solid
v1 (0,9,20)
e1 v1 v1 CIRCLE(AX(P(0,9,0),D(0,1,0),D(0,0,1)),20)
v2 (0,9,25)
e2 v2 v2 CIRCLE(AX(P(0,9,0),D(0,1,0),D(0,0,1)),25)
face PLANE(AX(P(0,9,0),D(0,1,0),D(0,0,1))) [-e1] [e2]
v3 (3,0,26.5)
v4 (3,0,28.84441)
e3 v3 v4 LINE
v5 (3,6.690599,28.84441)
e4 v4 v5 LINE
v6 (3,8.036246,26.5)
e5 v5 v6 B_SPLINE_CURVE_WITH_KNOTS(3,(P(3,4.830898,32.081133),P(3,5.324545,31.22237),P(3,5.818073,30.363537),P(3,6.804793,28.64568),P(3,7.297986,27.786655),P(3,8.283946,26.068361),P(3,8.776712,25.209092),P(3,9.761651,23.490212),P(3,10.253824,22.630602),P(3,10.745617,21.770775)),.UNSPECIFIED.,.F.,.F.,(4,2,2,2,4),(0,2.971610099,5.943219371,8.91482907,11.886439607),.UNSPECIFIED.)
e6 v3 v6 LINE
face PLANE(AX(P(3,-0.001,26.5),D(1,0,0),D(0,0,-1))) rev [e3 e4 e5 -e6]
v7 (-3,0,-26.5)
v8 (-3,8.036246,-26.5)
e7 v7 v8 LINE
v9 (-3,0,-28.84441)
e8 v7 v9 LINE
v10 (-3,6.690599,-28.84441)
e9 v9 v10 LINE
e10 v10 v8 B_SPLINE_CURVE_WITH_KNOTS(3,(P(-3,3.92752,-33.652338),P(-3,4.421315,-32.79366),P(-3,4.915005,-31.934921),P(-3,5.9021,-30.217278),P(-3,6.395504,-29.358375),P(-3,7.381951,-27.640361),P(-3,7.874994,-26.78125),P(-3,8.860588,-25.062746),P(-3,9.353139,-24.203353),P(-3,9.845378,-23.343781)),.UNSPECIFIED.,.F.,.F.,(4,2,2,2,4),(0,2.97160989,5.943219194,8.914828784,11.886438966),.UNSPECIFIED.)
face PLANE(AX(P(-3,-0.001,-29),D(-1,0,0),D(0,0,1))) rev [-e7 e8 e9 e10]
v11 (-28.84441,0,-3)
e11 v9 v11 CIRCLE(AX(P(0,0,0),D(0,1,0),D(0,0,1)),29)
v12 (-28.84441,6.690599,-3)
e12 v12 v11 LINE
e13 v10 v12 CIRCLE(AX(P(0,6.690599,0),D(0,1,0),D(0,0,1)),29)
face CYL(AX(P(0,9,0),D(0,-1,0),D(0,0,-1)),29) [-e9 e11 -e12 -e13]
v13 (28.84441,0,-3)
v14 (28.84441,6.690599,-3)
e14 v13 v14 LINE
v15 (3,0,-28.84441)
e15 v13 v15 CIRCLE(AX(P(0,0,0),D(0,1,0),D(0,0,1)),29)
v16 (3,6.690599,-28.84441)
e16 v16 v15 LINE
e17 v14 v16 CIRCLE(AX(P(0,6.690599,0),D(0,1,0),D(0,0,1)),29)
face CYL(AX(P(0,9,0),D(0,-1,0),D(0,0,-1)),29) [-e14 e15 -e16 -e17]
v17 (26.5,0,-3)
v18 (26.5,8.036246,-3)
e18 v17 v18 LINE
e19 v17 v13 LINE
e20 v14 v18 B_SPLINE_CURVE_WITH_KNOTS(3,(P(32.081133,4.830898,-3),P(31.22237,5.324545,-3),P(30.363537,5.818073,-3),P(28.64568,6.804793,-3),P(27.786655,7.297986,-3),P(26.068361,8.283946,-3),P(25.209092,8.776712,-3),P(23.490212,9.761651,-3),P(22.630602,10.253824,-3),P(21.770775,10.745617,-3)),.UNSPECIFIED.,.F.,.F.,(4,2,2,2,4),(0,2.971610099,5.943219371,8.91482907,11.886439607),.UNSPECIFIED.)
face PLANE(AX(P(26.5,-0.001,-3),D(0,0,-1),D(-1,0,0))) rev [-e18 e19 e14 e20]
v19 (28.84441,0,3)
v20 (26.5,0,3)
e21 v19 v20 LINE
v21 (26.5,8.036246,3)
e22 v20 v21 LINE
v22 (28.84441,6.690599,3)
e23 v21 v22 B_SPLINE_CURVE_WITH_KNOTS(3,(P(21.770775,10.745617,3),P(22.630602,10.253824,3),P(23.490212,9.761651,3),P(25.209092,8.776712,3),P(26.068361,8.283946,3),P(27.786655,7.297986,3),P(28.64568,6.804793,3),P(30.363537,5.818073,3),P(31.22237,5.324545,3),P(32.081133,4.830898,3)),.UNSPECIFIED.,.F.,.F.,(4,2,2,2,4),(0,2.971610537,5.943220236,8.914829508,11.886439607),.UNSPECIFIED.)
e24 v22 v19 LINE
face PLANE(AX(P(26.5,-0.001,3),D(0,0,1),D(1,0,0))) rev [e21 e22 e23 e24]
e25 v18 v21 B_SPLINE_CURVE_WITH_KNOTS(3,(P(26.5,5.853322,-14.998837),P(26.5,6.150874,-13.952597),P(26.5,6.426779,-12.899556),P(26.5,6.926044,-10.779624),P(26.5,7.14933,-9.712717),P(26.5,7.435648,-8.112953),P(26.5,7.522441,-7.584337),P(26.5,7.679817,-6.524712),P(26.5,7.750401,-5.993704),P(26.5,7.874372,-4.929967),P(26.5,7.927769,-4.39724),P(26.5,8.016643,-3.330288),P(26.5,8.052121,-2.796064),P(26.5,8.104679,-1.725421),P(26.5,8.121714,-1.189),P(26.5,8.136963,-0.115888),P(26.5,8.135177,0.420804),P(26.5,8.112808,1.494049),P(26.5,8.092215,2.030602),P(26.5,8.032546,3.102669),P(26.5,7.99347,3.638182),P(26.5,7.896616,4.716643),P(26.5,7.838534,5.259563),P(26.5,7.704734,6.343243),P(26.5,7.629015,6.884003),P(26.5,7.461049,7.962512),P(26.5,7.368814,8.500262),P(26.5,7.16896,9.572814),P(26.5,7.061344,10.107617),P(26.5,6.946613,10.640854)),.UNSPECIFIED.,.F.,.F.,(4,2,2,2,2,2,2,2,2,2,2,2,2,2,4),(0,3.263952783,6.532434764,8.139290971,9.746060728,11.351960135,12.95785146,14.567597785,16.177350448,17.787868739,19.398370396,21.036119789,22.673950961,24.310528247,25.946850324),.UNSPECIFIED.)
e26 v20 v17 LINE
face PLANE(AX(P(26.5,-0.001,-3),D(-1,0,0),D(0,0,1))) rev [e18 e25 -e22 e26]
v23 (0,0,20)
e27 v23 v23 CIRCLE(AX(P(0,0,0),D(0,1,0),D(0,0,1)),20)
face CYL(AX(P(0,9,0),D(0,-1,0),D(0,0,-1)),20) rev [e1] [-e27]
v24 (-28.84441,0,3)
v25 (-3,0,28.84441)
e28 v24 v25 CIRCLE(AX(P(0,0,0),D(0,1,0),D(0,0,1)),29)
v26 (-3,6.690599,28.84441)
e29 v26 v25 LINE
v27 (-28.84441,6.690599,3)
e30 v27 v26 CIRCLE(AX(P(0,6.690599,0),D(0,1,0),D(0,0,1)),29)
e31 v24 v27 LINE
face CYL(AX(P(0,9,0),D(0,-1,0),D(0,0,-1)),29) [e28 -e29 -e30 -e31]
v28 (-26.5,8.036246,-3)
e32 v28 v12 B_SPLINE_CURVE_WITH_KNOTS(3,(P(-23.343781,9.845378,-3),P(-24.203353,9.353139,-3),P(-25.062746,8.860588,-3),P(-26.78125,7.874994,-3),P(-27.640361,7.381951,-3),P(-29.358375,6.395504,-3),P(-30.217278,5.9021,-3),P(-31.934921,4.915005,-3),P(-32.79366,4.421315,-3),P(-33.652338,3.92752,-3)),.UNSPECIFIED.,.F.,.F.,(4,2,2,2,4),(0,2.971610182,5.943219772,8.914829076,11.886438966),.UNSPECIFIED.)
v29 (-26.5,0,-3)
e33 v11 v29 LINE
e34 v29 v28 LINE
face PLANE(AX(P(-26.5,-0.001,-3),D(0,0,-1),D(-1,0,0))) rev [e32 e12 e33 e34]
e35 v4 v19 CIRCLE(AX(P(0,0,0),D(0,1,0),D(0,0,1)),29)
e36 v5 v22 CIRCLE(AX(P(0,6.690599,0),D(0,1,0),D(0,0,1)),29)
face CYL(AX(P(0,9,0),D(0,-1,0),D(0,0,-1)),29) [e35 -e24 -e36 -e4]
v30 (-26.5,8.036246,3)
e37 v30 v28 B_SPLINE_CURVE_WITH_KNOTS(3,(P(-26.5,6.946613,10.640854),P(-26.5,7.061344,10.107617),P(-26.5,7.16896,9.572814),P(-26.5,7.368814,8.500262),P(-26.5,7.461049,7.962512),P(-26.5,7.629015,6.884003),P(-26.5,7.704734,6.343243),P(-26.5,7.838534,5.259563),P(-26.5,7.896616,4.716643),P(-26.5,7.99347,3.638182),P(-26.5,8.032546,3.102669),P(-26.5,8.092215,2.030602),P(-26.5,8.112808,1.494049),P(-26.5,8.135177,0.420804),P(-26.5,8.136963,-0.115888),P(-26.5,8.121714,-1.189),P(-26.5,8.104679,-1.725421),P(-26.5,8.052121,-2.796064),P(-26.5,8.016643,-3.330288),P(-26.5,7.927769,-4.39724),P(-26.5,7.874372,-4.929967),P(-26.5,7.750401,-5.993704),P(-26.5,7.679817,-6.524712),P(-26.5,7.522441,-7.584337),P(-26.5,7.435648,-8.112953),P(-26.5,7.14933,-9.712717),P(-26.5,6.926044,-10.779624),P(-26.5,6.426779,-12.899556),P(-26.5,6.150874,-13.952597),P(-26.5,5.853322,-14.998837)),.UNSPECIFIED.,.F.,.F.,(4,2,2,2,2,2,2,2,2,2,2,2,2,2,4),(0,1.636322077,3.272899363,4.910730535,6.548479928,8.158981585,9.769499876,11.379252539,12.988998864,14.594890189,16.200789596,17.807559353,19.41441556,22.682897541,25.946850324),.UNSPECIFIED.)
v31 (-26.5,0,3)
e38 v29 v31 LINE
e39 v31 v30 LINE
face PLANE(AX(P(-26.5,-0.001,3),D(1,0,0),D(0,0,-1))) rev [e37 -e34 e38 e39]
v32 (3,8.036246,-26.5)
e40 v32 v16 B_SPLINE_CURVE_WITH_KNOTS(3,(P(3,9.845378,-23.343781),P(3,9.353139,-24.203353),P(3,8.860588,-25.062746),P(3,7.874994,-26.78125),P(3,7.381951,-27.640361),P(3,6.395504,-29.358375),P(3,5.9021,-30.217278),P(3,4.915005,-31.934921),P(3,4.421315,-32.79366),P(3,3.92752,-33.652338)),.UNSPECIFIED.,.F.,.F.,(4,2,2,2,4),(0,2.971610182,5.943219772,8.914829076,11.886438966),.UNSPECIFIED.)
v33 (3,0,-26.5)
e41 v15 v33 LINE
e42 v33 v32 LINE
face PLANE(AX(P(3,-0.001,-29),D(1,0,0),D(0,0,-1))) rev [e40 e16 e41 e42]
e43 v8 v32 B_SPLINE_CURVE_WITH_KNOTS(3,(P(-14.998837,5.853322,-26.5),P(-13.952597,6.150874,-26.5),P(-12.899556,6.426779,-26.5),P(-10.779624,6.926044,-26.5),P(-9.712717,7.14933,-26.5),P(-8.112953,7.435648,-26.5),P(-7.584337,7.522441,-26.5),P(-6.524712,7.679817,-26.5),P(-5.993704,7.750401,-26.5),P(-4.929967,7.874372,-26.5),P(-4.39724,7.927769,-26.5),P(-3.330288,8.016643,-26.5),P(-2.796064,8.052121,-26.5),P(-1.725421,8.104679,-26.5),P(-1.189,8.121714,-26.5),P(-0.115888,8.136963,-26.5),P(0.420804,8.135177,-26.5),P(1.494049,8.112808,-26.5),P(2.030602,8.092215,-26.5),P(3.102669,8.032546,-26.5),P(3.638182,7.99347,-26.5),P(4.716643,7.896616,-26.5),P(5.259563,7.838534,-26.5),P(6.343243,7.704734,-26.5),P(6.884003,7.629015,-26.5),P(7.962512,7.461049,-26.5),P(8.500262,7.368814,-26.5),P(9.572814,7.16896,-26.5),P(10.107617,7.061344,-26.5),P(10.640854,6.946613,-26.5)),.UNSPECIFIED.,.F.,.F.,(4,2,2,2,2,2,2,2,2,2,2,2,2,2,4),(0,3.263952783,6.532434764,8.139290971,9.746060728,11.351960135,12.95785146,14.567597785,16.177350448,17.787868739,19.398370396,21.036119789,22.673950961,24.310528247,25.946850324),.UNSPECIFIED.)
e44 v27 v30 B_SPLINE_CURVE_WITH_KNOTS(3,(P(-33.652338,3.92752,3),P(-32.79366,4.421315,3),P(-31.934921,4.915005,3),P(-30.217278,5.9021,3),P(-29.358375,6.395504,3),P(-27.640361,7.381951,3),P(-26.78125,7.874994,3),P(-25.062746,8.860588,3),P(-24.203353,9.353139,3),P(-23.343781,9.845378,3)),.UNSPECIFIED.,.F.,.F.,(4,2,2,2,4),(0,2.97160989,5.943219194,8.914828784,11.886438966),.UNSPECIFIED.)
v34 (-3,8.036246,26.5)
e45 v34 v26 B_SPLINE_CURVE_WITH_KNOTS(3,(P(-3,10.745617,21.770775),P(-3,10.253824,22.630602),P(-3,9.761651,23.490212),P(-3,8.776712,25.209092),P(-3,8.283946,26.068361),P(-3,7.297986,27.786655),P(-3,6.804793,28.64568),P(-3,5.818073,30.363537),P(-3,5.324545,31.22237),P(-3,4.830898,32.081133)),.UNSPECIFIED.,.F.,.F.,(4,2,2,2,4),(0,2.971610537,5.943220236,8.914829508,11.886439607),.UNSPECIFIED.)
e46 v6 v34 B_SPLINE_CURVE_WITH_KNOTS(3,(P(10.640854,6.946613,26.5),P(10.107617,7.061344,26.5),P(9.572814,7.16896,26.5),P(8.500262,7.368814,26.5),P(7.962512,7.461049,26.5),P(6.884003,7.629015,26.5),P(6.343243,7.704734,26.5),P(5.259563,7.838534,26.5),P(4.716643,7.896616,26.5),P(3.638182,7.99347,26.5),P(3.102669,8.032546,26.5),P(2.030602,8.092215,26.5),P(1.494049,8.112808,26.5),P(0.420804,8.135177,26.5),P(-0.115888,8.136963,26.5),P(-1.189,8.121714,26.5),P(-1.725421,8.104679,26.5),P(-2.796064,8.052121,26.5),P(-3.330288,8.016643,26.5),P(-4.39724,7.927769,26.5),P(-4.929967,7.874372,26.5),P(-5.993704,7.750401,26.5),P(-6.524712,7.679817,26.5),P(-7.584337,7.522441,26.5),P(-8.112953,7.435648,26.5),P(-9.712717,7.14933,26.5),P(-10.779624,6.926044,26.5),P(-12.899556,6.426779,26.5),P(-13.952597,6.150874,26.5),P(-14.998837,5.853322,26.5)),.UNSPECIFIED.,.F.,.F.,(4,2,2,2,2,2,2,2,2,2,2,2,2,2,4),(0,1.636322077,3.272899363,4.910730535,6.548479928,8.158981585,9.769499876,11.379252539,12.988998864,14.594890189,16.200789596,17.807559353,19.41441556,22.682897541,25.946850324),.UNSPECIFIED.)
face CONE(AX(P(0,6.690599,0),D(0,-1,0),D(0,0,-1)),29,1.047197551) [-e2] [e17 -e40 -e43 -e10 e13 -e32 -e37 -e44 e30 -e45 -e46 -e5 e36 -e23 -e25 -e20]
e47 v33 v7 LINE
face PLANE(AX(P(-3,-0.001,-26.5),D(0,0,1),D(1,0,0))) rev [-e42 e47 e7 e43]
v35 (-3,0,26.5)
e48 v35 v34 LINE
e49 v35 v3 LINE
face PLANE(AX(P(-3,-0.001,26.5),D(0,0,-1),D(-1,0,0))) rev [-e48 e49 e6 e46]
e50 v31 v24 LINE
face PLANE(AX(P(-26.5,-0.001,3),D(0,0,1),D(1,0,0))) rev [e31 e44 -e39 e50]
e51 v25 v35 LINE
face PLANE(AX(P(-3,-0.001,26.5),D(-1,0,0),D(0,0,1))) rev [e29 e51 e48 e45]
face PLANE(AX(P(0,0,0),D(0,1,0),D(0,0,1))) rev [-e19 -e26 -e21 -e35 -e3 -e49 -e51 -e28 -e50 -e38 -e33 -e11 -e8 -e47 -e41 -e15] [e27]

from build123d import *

# Parameters (mm, degrees)
CROQUIS1_R              = 29
CROQUIS1_R_2            = 20
SALIENTE_EXTRUIR1_DEPTH = 9
CORTAR_EXTRUIR1_REACH   = 43.988
CROQUIS2_W              = 6
CROQUIS2_H              = 2.5
CROQUIS2_W_2            = 2.5
CROQUIS2_H_2            = 6


with BuildPart() as part:
    # Croquis1 → Saliente-Extruir1 (new body)
    with BuildSketch(Plane(origin=(0, 0, 0), x_dir=(1, 0, 0), z_dir=(0, 1, 0))):
        with Locations(Location((0, 0, 0), (0, 0, 270))):
            Circle(CROQUIS1_R)
        with Locations(Location((0, 0, 0), (0, 0, 270))):
            Circle(CROQUIS1_R_2, mode=Mode.SUBTRACT)
    extrude(amount=SALIENTE_EXTRUIR1_DEPTH)

    # Croquis2 → Cortar-Extruir1 (cut, up to next)
    with BuildSketch(Plane(origin=(0, 9, 0), x_dir=(1, 0, 0), z_dir=(0, 1, 0)), mode=Mode.PRIVATE) as cortar_extruir1_sk1:
        with Locations((0, 27.75)):
            Rectangle(CROQUIS2_W, CROQUIS2_H)
    cortar_extruir1_tool1 = extrude(cortar_extruir1_sk1.sketch, amount=-CORTAR_EXTRUIR1_REACH, mode=Mode.PRIVATE) & part.part
    # Croquis2 → Cortar-Extruir1 (cut, up to next)
    with BuildSketch(Plane(origin=(0, 9, 0), x_dir=(1, 0, 0), z_dir=(0, 1, 0)), mode=Mode.PRIVATE) as cortar_extruir1_sk2:
        with Locations((0, -27.75)):
            Rectangle(CROQUIS2_W, CROQUIS2_H)
    cortar_extruir1_tool2 = extrude(cortar_extruir1_sk2.sketch, amount=-CORTAR_EXTRUIR1_REACH, mode=Mode.PRIVATE) & part.part
    # Croquis2 → Cortar-Extruir1 (cut, up to next)
    with BuildSketch(Plane(origin=(0, 9, 0), x_dir=(1, 0, 0), z_dir=(0, 1, 0)), mode=Mode.PRIVATE) as cortar_extruir1_sk3:
        with Locations((27.75, 0)):
            Rectangle(CROQUIS2_W_2, CROQUIS2_H_2)
    cortar_extruir1_tool3 = extrude(cortar_extruir1_sk3.sketch, amount=-CORTAR_EXTRUIR1_REACH, mode=Mode.PRIVATE) & part.part
    # Croquis2 → Cortar-Extruir1 (cut, up to next)
    with BuildSketch(Plane(origin=(0, 9, 0), x_dir=(1, 0, 0), z_dir=(0, 1, 0)), mode=Mode.PRIVATE) as cortar_extruir1_sk4:
        with Locations((-27.75, 0)):
            Rectangle(CROQUIS2_W_2, CROQUIS2_H_2)
    cortar_extruir1_tool4 = extrude(cortar_extruir1_sk4.sketch, amount=-CORTAR_EXTRUIR1_REACH, mode=Mode.PRIVATE) & part.part
    add(cortar_extruir1_tool1.solids().sort_by_distance((0, 9, -27.75))[0], mode=Mode.SUBTRACT)
    add(cortar_extruir1_tool2.solids().sort_by_distance((0, 9, 27.75))[0], mode=Mode.SUBTRACT)
    add(cortar_extruir1_tool3.solids().sort_by_distance((27.75, 9, 0))[0], mode=Mode.SUBTRACT)
    add(cortar_extruir1_tool4.solids().sort_by_distance((-27.75, 9, 0))[0], mode=Mode.SUBTRACT)

    # Croquis3 → Cortar-Revolución1 (revolve, cut)
    with BuildSketch(Plane(origin=(0, 0, 0), x_dir=(0, 0, -1), z_dir=(1, 0, 0)), mode=Mode.PRIVATE) as cortar_revoluci_n1_sk:
        Polygon((-29, 9), (-25, 9), (-29, 6.690598923), align=None)
    revolve(cortar_revoluci_n1_sk.sketch.rotate(Axis((0, 9, 0), (0, -1, 0)), 185.937772452), axis=Axis((0, 9, 0), (0, -1, 0)), mode=Mode.SUBTRACT)


solid = part.part
